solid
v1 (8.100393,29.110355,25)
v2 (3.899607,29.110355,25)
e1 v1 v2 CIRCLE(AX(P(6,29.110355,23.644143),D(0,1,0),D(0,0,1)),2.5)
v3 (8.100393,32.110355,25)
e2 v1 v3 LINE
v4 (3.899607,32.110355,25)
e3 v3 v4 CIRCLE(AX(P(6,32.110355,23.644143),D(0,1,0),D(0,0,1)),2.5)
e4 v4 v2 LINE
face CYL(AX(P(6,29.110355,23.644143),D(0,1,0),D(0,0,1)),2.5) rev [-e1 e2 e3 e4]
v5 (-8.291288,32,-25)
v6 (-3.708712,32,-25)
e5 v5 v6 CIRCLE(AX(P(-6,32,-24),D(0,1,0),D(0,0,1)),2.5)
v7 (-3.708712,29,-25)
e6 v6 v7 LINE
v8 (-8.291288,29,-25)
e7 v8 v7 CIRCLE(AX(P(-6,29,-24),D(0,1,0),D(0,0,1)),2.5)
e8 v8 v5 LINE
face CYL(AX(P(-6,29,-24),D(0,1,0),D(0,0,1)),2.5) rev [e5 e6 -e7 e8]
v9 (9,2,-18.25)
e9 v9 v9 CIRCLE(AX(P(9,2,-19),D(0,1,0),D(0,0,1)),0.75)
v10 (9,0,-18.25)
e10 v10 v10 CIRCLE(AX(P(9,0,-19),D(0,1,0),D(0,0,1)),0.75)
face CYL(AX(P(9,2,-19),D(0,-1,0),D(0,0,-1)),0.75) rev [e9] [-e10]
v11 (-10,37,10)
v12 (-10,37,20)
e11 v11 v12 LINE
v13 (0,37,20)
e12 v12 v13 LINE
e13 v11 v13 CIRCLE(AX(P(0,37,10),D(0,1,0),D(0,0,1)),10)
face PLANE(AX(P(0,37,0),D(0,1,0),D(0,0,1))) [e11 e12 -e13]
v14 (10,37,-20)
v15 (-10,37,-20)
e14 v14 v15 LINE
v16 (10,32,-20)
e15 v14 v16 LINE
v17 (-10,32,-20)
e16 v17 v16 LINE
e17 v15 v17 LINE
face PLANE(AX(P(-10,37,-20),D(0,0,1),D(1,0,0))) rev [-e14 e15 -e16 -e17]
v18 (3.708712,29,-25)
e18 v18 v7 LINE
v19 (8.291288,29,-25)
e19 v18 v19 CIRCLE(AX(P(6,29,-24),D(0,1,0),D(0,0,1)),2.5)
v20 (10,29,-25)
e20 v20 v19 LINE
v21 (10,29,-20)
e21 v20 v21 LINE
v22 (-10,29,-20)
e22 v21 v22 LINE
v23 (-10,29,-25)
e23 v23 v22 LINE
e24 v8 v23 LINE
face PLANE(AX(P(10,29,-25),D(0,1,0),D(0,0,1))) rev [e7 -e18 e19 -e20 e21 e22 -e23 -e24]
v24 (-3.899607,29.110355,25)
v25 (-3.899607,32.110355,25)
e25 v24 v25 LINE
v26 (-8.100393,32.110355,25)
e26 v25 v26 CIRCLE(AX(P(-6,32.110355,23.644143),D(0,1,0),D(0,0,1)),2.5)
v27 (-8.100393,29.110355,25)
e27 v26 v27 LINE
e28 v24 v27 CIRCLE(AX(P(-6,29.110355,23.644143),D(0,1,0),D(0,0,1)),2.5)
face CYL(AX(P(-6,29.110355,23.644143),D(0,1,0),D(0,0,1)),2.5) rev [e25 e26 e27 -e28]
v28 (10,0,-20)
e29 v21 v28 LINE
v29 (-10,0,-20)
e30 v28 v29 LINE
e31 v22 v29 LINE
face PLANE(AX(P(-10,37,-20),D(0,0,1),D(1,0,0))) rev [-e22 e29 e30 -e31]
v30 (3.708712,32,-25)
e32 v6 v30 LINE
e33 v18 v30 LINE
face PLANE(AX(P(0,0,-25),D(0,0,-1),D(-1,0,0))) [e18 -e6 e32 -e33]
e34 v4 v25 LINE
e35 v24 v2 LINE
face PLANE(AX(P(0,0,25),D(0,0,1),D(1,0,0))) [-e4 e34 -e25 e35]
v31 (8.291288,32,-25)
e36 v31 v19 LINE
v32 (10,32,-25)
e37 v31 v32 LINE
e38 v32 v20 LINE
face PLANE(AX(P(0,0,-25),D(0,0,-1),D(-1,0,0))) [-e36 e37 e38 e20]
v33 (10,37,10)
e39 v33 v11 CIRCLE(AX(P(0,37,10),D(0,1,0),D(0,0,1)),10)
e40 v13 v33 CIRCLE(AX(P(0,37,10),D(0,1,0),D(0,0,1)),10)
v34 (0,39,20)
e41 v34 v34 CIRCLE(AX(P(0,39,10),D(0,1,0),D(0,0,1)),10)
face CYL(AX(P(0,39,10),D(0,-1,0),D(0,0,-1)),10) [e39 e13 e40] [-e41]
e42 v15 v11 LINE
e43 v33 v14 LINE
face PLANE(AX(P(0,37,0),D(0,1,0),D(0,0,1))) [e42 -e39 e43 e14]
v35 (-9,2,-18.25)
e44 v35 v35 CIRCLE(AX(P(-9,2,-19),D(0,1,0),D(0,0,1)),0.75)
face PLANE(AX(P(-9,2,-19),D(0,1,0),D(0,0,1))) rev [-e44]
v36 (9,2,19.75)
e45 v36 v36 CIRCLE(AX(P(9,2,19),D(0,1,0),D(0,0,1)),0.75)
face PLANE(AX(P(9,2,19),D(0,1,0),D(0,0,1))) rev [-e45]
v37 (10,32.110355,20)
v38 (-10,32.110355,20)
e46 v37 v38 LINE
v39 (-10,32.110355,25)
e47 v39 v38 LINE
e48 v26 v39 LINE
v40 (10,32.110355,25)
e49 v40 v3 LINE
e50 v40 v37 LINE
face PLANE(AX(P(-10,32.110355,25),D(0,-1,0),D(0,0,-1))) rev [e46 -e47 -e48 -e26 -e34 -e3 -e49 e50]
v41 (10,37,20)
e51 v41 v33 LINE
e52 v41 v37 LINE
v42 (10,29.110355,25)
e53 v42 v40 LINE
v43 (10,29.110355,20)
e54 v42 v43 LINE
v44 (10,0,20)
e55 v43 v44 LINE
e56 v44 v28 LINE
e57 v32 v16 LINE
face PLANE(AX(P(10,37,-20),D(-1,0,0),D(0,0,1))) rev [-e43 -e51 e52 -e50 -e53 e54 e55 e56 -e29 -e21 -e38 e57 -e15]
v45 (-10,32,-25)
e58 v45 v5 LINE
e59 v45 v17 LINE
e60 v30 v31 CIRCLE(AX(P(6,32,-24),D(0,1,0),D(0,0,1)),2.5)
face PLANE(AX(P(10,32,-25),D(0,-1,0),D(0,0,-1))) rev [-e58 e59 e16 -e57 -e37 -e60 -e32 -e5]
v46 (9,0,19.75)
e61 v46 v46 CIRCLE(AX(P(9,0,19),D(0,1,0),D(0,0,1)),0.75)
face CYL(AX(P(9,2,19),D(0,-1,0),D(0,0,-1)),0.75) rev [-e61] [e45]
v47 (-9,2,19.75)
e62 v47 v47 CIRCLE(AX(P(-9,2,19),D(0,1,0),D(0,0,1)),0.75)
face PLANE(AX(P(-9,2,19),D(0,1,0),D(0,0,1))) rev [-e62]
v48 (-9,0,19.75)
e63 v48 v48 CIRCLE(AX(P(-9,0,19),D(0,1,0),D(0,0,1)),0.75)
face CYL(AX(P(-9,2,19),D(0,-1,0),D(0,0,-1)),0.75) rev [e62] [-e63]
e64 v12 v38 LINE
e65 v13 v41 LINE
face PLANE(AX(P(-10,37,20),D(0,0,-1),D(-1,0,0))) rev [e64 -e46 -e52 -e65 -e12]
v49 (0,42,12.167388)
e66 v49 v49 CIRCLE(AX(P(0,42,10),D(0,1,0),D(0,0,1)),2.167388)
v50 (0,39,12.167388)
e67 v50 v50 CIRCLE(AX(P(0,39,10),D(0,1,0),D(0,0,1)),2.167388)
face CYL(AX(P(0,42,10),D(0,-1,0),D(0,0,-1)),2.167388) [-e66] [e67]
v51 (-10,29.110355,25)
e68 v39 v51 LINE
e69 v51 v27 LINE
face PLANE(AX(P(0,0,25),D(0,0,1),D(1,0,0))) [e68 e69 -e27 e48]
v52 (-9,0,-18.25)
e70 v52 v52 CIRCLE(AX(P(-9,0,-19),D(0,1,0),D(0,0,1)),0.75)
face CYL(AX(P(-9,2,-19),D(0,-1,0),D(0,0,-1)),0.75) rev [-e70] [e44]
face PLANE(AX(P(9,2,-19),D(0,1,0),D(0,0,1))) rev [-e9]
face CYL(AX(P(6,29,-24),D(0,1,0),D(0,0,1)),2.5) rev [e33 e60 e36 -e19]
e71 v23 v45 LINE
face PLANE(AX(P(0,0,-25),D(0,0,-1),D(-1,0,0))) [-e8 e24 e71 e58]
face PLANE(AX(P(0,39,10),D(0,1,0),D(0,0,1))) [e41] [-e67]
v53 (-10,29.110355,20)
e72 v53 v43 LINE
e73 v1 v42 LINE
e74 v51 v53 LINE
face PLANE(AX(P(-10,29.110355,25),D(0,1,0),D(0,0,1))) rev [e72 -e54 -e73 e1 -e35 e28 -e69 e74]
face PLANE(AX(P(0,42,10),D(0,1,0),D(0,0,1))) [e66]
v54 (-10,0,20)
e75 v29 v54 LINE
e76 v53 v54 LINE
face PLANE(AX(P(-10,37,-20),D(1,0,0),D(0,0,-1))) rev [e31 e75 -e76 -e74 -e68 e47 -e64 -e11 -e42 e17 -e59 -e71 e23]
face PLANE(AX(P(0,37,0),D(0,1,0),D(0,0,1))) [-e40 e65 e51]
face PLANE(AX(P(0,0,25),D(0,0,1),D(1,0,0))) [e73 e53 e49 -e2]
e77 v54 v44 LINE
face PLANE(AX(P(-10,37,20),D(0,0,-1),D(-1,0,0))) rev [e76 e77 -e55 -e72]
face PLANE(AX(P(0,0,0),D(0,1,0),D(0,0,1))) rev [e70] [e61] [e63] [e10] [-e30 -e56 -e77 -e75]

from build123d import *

# Parameters (mm, degrees)
SKETCH_1_W           = 20
SKETCH_1_H           = 40
EXTRUDE_1_DEPTH      = 37
SKETCH_2_R           = 0.75
CUT_EXTRUDE_10_DEPTH = 2
SKETCH_3_R           = 10
EXTRUDE_3_DEPTH      = 2
SKETCH_4_R           = 2.167388434
EXTRUDE_4_DEPTH      = 3
SKETCH_5_W           = 20
SKETCH_5_H           = 3
EXTRUDE_5_DEPTH      = 5
SKETCH_6_R           = 2.5
CUT_EXTRUDE_13_DEPTH = 3
SKETCH_9_W           = 20
SKETCH_9_H           = 3
EXTRUDE_7_DEPTH      = 5
SKETCH_10_R          = 2.5
CUT_EXTRUDE_14_DEPTH = 3


with BuildPart() as part:
    # 草图1 → 凸台-拉伸1 (new body)
    with BuildSketch(Plane(origin=(0, 0, 0), x_dir=(1, 0, 0), z_dir=(0, 1, 0))):
        Rectangle(SKETCH_1_W, SKETCH_1_H)
    extrude(amount=EXTRUDE_1_DEPTH)

    # 草图2 → 切除-拉伸10 (cut)
    with BuildSketch(Plane(origin=(0, 0, 0), x_dir=(1, 0, 0), z_dir=(0, 1, 0))):
        with Locations((-9, 19)):
            Circle(SKETCH_2_R)
        with Locations((9, 19)):
            Circle(SKETCH_2_R)
        with Locations((-9, -19)):
            Circle(SKETCH_2_R)
        with Locations((9, -19)):
            Circle(SKETCH_2_R)
    extrude(amount=CUT_EXTRUDE_10_DEPTH, mode=Mode.SUBTRACT)

    # 草图3 → 凸台-拉伸3 (add)
    with BuildSketch(Plane(origin=(0, 37, 0), x_dir=(1, 0, 0), z_dir=(0, 1, 0))):
        with Locations((0, -10)):
            Circle(SKETCH_3_R)
    extrude(amount=EXTRUDE_3_DEPTH)

    # 草图4 → 凸台-拉伸4 (add)
    with BuildSketch(Plane(origin=(0, 39, 0), x_dir=(1, 0, 0), z_dir=(0, 1, 0))):
        with Locations((0, -10)):
            Circle(SKETCH_4_R)
    extrude(amount=EXTRUDE_4_DEPTH)

    # 草图5 → 凸台-拉伸5 (add)
    with BuildSketch(Plane.XY.offset(20)):
        with Locations((0, 30.61035469)):
            Rectangle(SKETCH_5_W, SKETCH_5_H)
    extrude(amount=EXTRUDE_5_DEPTH)

    # 草图6 → 切除-拉伸13 (cut)
    with BuildSketch(Plane(origin=(0, 32.11035469, 0), x_dir=(1, 0, 0), z_dir=(0, 1, 0))):
        with Locations((-6, -23.644142826)):
            Circle(SKETCH_6_R)
        with Locations((6, -23.644142826)):
            Circle(SKETCH_6_R)
    extrude(amount=-CUT_EXTRUDE_13_DEPTH, mode=Mode.SUBTRACT)

    # 草图9 → 凸台-拉伸7 (add)
    with BuildSketch(Plane(origin=(0, 0, -20), x_dir=(-1, 0, 0), z_dir=(0, 0, -1))):
        with Locations((0, 30.5)):
            Rectangle(SKETCH_9_W, SKETCH_9_H)
    extrude(amount=EXTRUDE_7_DEPTH)

    # 草图10 → 切除-拉伸14 (cut)
    with BuildSketch(Plane(origin=(0, 32, 0), x_dir=(1, 0, 0), z_dir=(0, 1, 0))):
        with Locations((-6, 24)):
            Circle(SKETCH_10_R)
        with Locations((6, 24)):
            Circle(SKETCH_10_R)
    extrude(amount=-CUT_EXTRUDE_14_DEPTH, mode=Mode.SUBTRACT)


solid = part.part
